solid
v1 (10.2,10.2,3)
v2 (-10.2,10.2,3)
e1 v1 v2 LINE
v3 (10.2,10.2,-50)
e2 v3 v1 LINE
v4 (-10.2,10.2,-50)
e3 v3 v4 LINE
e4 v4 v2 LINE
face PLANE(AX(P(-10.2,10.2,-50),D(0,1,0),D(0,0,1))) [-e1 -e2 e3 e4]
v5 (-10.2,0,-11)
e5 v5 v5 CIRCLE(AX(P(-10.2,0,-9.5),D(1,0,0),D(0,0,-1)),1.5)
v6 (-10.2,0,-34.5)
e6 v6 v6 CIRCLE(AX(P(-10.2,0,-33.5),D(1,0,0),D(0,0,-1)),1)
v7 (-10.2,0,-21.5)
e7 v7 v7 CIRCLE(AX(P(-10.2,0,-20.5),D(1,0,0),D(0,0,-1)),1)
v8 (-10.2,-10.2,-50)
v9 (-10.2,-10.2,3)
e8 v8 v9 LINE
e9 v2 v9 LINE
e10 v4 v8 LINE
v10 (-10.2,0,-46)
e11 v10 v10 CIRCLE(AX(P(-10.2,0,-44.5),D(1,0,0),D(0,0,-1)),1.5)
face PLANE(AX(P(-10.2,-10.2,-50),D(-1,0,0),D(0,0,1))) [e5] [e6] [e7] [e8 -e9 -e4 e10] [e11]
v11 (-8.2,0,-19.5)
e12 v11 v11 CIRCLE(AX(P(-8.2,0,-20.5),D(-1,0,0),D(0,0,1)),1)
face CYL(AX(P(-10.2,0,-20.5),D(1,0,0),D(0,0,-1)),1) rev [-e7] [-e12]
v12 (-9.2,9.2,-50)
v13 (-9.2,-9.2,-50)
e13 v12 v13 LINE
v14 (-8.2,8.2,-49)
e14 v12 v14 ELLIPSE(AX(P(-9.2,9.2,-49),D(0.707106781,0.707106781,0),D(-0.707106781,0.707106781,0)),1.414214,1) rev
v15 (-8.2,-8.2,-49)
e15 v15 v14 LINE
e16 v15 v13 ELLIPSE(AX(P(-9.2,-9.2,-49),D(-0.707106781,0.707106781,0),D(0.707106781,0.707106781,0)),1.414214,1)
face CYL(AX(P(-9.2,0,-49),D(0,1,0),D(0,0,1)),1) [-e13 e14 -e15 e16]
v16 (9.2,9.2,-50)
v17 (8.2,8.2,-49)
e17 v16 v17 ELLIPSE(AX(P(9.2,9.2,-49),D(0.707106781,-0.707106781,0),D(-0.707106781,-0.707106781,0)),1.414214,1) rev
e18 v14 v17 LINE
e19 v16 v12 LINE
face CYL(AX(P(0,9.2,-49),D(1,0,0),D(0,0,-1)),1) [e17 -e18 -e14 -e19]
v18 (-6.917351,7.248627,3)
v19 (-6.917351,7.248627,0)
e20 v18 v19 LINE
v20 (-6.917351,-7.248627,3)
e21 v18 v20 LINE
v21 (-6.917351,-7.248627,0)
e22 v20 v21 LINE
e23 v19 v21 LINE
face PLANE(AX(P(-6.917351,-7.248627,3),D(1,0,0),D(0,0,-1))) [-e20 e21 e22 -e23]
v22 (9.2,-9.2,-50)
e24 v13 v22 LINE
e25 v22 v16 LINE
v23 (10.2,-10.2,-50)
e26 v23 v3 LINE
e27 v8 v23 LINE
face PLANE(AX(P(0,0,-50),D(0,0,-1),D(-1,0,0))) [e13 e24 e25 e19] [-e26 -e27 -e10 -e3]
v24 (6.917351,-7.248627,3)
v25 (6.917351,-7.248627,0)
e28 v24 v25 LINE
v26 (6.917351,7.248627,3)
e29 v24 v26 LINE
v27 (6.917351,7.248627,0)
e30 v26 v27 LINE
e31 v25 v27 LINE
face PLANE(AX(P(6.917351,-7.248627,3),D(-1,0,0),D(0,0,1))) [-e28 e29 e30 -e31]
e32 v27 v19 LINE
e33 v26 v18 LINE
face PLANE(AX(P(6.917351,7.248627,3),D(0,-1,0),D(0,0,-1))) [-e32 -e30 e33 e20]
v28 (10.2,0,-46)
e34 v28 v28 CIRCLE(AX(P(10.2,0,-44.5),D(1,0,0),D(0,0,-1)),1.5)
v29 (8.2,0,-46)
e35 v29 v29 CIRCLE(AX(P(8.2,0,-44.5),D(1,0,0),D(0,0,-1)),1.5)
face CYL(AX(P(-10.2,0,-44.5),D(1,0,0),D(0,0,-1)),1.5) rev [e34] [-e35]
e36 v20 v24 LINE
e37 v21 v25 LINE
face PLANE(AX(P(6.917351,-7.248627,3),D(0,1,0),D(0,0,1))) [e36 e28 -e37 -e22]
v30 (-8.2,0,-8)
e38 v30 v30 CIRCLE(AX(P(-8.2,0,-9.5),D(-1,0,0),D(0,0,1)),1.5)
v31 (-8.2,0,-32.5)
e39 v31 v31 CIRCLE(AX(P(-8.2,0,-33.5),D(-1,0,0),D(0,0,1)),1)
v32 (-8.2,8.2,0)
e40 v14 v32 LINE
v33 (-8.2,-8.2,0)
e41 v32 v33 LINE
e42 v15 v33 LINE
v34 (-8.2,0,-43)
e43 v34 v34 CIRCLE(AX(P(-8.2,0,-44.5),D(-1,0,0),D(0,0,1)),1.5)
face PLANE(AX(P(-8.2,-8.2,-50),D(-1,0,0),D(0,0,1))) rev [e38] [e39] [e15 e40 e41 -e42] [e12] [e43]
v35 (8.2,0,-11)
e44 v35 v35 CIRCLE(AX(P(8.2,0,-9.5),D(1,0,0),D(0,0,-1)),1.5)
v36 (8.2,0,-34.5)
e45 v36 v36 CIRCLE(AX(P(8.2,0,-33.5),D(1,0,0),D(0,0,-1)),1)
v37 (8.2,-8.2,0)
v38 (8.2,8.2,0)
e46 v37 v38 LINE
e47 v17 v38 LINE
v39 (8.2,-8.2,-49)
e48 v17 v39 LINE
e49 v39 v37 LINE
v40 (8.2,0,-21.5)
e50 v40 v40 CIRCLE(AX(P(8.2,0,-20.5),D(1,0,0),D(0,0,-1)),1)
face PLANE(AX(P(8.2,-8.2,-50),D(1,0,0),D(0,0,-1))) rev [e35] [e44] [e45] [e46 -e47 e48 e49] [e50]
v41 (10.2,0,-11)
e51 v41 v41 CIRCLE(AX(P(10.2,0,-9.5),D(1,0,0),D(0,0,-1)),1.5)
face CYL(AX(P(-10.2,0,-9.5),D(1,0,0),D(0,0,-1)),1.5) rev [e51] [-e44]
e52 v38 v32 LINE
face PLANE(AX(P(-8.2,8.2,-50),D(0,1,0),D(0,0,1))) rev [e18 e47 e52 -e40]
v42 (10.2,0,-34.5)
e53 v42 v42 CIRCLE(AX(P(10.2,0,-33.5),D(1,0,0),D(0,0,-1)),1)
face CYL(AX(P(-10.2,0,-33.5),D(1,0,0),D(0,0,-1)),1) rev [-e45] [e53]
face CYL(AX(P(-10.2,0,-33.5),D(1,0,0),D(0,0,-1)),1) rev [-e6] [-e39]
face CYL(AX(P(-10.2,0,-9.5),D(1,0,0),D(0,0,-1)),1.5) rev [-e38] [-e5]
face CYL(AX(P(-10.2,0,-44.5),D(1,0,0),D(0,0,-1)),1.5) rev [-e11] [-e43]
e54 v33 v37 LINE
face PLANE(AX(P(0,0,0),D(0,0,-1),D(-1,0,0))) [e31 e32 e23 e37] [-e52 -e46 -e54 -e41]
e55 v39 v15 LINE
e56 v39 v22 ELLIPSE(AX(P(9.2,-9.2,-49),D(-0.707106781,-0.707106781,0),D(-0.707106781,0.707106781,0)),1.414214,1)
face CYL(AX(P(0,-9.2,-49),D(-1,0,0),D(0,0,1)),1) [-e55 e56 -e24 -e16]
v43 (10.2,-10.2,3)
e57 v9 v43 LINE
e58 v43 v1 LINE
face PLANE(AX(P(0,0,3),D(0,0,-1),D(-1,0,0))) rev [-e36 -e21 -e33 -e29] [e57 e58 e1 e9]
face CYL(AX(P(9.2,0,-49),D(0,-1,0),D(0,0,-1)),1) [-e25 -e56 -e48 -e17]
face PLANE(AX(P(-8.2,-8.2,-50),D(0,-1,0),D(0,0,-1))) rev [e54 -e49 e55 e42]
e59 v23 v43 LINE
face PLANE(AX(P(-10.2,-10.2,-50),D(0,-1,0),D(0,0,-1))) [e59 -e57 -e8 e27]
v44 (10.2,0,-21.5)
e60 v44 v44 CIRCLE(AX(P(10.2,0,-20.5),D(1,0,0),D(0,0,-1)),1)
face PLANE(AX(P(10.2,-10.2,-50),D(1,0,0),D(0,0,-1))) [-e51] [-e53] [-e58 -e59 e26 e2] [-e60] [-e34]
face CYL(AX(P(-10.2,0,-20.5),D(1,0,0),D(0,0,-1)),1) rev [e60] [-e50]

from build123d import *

# Parameters (mm, degrees)
SKETCH1_W           = 20.4
SKETCH1_H           = 20.4
SKETCH1_W_2         = 16.4
SKETCH1_H_2         = 16.4
BOSS_EXTRUDE1_DEPTH = 50
SKETCH2_W           = 20.4
SKETCH2_H           = 20.4
SKETCH2_W_2         = 13.834702386
SKETCH2_H_2         = 14.497254018
BOSS_EXTRUDE2_DEPTH = 3
SKETCH3_R           = 1
SKETCH3_R_2         = 1.5
CUT_EXTRUDE1_DEPTH  = 55.956346312
FILLET1_R           = 1


with BuildPart() as part:
    # Sketch1 → Boss-Extrude1 (new body)
    with BuildSketch(Plane.XY):
        Rectangle(SKETCH1_W, SKETCH1_H)
        Rectangle(SKETCH1_W_2, SKETCH1_H_2, mode=Mode.SUBTRACT)
    extrude(amount=-BOSS_EXTRUDE1_DEPTH)

    # Sketch2 → Boss-Extrude2 (add)
    with BuildSketch(Plane.XY):
        Rectangle(SKETCH2_W, SKETCH2_H)
        Rectangle(SKETCH2_W_2, SKETCH2_H_2, mode=Mode.SUBTRACT)
    extrude(amount=BOSS_EXTRUDE2_DEPTH)

    # Sketch3 → Cut-Extrude1 (cut, through all)
    with BuildSketch(Plane(origin=(10.2, 0, 0), x_dir=(0, 0, -1), z_dir=(1, 0, 0))):
        with Locations((20.5, 0)):
            Circle(SKETCH3_R)
        with Locations((9.5, 0)):
            Circle(SKETCH3_R_2)
        with Locations((33.5, 0)):
            Circle(SKETCH3_R)
        with Locations((44.5, 0)):
            Circle(SKETCH3_R_2)
    extrude(amount=-CUT_EXTRUDE1_DEPTH, mode=Mode.SUBTRACT)

    # Fillet1
    fillet1_edges = [part.edges().sort_by_distance(p)[0] for p in [
        (8.2, 0, -50),
        (0, -8.2, -50),
        (-8.2, 0, -50),
        (0, 8.2, -50),
    ]]
    fillet(fillet1_edges, radius=FILLET1_R)


solid = part.part
